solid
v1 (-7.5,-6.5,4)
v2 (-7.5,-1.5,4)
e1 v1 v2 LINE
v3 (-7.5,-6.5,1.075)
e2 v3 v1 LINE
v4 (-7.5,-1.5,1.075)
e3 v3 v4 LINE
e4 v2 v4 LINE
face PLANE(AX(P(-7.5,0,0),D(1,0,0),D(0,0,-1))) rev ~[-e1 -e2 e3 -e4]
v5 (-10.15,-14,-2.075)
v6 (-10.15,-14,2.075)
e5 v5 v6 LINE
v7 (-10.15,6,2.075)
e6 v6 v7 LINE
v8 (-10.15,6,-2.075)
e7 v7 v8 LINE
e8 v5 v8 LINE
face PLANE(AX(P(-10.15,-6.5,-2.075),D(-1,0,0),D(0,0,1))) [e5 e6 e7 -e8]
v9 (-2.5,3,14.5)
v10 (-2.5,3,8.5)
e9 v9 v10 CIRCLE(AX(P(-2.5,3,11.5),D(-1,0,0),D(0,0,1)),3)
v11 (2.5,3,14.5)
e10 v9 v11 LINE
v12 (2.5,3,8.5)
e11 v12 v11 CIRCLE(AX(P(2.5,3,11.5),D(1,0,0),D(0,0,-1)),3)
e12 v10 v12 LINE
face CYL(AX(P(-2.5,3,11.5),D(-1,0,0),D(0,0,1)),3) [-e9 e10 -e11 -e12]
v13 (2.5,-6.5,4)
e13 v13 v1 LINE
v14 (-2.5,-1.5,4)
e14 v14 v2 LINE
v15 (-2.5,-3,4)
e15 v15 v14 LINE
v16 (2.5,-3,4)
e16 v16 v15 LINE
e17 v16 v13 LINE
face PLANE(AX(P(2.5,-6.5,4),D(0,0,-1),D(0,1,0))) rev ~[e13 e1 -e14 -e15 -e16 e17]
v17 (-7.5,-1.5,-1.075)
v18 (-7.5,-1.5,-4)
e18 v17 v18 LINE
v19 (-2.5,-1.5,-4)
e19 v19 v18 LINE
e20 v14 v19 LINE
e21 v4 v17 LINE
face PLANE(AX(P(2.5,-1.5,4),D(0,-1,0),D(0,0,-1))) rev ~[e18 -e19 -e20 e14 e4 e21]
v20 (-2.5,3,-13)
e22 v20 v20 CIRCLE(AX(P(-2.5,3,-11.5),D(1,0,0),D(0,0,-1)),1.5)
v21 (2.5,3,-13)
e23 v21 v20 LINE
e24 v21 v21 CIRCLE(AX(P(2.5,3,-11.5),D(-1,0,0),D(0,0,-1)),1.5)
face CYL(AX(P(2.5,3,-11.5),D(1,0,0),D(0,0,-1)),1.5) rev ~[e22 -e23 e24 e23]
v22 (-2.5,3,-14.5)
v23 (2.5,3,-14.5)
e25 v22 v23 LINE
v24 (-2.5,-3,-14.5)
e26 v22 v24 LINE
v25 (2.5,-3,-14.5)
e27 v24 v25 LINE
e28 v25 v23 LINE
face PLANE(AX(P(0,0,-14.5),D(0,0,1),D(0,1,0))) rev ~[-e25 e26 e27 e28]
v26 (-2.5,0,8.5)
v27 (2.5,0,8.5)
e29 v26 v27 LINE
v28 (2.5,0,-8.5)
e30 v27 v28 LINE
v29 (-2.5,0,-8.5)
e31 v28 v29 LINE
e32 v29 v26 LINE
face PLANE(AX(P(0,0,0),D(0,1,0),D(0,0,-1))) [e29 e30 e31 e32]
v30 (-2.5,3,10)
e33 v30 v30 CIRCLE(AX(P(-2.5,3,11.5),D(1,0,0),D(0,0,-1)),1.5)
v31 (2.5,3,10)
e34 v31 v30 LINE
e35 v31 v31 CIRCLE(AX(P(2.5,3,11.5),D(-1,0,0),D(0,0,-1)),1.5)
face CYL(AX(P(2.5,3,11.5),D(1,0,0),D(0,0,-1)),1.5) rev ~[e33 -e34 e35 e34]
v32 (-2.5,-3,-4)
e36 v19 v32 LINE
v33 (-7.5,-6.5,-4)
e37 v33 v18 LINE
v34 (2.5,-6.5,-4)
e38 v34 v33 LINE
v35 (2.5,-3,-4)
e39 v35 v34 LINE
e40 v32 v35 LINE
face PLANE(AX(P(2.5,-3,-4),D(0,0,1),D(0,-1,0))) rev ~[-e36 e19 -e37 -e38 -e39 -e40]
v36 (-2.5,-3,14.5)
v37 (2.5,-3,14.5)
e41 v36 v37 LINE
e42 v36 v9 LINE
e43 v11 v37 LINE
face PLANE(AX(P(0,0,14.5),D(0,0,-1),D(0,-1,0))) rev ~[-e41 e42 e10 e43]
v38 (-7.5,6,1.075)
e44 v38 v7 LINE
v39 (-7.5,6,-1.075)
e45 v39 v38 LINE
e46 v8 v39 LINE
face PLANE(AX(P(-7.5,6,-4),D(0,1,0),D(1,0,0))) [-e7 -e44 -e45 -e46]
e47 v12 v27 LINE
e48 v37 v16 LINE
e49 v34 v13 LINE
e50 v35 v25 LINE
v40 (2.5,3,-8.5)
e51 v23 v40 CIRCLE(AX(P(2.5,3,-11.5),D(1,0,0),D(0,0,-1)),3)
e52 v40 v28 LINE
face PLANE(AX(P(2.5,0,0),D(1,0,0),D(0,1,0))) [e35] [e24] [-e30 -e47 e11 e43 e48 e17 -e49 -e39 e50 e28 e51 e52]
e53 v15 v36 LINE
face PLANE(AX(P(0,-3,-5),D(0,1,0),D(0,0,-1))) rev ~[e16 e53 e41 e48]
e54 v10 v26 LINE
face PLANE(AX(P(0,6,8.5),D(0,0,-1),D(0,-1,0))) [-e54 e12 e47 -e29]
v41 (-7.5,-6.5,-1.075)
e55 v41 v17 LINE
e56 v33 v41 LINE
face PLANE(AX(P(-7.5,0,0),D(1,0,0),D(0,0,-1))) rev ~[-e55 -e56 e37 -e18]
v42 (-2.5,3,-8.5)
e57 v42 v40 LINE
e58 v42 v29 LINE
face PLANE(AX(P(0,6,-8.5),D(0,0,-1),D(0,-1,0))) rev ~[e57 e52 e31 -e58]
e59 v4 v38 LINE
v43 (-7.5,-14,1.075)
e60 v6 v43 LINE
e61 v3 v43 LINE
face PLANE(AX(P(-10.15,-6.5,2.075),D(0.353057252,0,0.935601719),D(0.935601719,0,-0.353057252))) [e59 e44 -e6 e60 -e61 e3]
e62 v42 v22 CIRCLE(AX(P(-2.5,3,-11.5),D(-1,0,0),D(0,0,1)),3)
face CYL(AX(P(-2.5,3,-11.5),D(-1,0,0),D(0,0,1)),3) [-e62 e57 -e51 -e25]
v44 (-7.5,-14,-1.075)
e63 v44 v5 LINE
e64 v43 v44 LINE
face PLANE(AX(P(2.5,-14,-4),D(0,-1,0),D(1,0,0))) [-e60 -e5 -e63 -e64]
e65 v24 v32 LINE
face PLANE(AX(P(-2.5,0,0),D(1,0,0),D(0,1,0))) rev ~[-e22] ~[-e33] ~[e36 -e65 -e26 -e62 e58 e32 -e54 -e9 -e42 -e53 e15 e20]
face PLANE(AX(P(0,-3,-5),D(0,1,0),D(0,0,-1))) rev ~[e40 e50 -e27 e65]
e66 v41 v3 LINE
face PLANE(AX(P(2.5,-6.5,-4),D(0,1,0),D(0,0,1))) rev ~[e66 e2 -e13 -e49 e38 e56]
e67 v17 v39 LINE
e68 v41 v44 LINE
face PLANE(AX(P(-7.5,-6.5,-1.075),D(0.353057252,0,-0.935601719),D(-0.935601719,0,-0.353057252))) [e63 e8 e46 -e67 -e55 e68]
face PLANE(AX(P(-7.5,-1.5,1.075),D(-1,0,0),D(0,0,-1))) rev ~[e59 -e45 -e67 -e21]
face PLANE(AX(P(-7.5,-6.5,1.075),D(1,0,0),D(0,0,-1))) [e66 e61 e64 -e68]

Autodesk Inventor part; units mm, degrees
ref_plane "YZ Plane" through (0, 0, 0) normal (1, 0, 0) x (0, 1, 0)
ref_plane "XZ Plane" through (0, 0, 0) normal (0, 1, 0) x (-1, 0, 0)
ref_plane "XY Plane" through (0, 0, 0) normal (0, 0, 1) x (1, 0, 0)
sketch "Sketch1" plane through (0, 0, 0) normal (1, 0, 0) x (0, 1, 0)
  line L0 (0, 0) -> (0, 8.5)
  line L1 (0, 14.5) -> (6, 14.5)
  line L2 (0, 0) -> (0, -8.5)
  line L3 (0, -14.5) -> (6, -14.5)
  line L4 (6, -14.5) -> (6, -8.5)
  line L5 (6, -8.5) -> (0, -8.5)
  line L6 (6, 14.5) -> (6, 8.5)
  line L7 (6, 8.5) -> (0, 8.5)
  line L8 (0, 14.5) -> (-3, 14.5)
  line L9 (-3, 14.5) -> (-3, -14.5)
  line L10 (-3, -14.5) -> (0, -14.5)
  line L11 (0, -8.5) -> (-3, -8.5)
  line L12 (0, 8.5) -> (-3, 8.5)
  line L13 (-3, 0) -> (-3, -5)
  dimension "d0" = 14.5
  dimension "d1" = 6
  dimension "d2" = 14.5
  dimension "d3" = 6
  dimension "d4" = 90
  dimension "d5" = 29
  dimension "d6" = 6
  dimension "d7" = 6
  dimension "d8" = 3
  dimension "d9" = 5
extrude "Extrusion1" add sketch "Sketch1" along normal mid plane 5
sketch "Sketch2" plane through (2.5, 0, 0) normal (1, 0, 0) x (0, 0, -1)
  line L0 (8.5, 0) -> (-8.5, 0) projected
  line L1 (0, 0) -> (-8.5, 0)
  line L2 (-8.5, 0) -> (-11.5, 0)
  line L3 (-14.5, 6) -> (-14.5, -3) projected
  line L4 (-11.5, 0) -> (-11.5, 3)
  line L5 (8.5, 0) -> (11.5, 0)
  line L6 (11.5, 0) -> (11.5, 3)
  circle A0 centre (-11.5, 3) radius 1.5
  circle A1 centre (11.5, 3) radius 1.5
  dimension "d14" = 3
  dimension "d15" = 3
  dimension "d16" = 3
  dimension "d17" = 3
  dimension "d18" = 3
  dimension "d19" = 3
extrude "Extrusion2" cut sketch "Sketch2" against normal blind 10
sketch "Sketch3" plane through (-2.5, 0, 0) normal (-1, 0, 0) x (0, 0, 1)
  circle A0 centre (-11.5, 3) radius 1.5 projected
  circle A1 centre (-11.5, 3) radius 3
  line L0 (-14.5, 3) -> (-14.5, 7.7039)
  line L1 (-14.5, -3) -> (-14.5, 6) projected
  line L2 (-14.5, 7.7039) -> (-8.5, 7.7039)
  line L3 (-8.5, 7.7039) -> (-8.5, 3)
  circle A2 centre (11.5, 3) radius 1.5 projected
  circle A3 centre (11.5, 3) radius 3
  line L4 (8.5, 3) -> (8.5, 6.9796)
  line L5 (8.5, 6.9796) -> (14.5, 6.9796)
  line L6 (14.5, 6.9796) -> (14.5, 3)
  line L7 (14.5, 6) -> (14.5, -3) projected
  point P0 (0, 0)
extrude "Extrusion3" cut sketch "Sketch3" against normal through all contours A1 L0 L2 L3 | A3 L4 L5 L6
sketch "Sketch4" plane through (2.5, 0, 0) normal (1, 0, 0) x (0, 0, -1)
  line L0 (14.5, -3) -> (-14.5, -3) projected
  line L1 (0, -3) -> (4, -3)
  line L2 (0, -3) -> (-4, -3)
  line L3 (-4, -3) -> (-4, -1.5)
  line L4 (-4, -1.5) -> (4, -1.5)
  line L5 (4, -1.5) -> (4, -6.5)
  line L6 (4, -6.5) -> (-4, -6.5)
  line L7 (-4, -6.5) -> (-4, -1.5)
  point P0 (0, 0)
  dimension "d24" = 4
  dimension "d25" = 4
  dimension "d26" = 1.5
  dimension "d27" = 5
  dimension "d28" = 8
extrude "Extrusion4" add sketch "Sketch4" against normal blind 10
sketch "Sketch24" plane through (-7.5, -1.5, -4) normal (0, 1, 0) x (1, 0, 0)
  line L0 (0, -8) -> (0, 0) projected
  line L1 (0, 0) -> (0, -4)
  line L2 (5, -8) -> (0, -8) projected
  line L3 (0, -4) -> (0, -5.075)
  line L4 (0, -4) -> (0, -2.925)
  line L5 (0, -4) -> (-2.65, -4)
  line L6 (-2.65, -4) -> (-2.65, -6.075)
  line L7 (-2.65, -4) -> (-0.575, -4) construction
  line L8 (-2.65, -4) -> (-2.65, -1.925)
  line L9 (-2.65, -1.925) -> (0, -2.925)
  line L10 (0, -5.075) -> (-2.65, -6.075)
  point P0 (7.5, -4)
  dimension "d150" = 4
  dimension "d151" = 1.075
  dimension "d152" = 1.075
  dimension "d153" = 2.65
  dimension "d154" = 2.075
  dimension "d155" = 90
  dimension "d156" = 2.075
extrude "Extrusion20" add sketch "Sketch24" along normal mid plane 15
sketch "Sketch25" plane through (2.5, -6.5, -4) normal (0, -1, 0) x (1, 0, 0)
  line L0 (-10, 2.925) -> (-12.65, 1.925) projected
  line L1 (-12.65, 1.925) -> (-12.65, 6.075) projected
  line L2 (-12.65, 1.925) -> (-12.65, 6.075)
  line L3 (-10, 8) -> (-10, 5.075) projected
  line L4 (-12.65, 6.075) -> (-10, 5.075)
  line L5 (-10, 5.075) -> (-10, 2.925) projected
  line L6 (-10, 5.075) -> (-10, 2.925)
  line L7 (-10, 2.925) -> (-12.65, 1.925)
  point P0 (-2.5, 4)
extrude "Extrusion21" add sketch "Sketch25" along normal blind 7.5
properties part number "pelvis øvre del"
